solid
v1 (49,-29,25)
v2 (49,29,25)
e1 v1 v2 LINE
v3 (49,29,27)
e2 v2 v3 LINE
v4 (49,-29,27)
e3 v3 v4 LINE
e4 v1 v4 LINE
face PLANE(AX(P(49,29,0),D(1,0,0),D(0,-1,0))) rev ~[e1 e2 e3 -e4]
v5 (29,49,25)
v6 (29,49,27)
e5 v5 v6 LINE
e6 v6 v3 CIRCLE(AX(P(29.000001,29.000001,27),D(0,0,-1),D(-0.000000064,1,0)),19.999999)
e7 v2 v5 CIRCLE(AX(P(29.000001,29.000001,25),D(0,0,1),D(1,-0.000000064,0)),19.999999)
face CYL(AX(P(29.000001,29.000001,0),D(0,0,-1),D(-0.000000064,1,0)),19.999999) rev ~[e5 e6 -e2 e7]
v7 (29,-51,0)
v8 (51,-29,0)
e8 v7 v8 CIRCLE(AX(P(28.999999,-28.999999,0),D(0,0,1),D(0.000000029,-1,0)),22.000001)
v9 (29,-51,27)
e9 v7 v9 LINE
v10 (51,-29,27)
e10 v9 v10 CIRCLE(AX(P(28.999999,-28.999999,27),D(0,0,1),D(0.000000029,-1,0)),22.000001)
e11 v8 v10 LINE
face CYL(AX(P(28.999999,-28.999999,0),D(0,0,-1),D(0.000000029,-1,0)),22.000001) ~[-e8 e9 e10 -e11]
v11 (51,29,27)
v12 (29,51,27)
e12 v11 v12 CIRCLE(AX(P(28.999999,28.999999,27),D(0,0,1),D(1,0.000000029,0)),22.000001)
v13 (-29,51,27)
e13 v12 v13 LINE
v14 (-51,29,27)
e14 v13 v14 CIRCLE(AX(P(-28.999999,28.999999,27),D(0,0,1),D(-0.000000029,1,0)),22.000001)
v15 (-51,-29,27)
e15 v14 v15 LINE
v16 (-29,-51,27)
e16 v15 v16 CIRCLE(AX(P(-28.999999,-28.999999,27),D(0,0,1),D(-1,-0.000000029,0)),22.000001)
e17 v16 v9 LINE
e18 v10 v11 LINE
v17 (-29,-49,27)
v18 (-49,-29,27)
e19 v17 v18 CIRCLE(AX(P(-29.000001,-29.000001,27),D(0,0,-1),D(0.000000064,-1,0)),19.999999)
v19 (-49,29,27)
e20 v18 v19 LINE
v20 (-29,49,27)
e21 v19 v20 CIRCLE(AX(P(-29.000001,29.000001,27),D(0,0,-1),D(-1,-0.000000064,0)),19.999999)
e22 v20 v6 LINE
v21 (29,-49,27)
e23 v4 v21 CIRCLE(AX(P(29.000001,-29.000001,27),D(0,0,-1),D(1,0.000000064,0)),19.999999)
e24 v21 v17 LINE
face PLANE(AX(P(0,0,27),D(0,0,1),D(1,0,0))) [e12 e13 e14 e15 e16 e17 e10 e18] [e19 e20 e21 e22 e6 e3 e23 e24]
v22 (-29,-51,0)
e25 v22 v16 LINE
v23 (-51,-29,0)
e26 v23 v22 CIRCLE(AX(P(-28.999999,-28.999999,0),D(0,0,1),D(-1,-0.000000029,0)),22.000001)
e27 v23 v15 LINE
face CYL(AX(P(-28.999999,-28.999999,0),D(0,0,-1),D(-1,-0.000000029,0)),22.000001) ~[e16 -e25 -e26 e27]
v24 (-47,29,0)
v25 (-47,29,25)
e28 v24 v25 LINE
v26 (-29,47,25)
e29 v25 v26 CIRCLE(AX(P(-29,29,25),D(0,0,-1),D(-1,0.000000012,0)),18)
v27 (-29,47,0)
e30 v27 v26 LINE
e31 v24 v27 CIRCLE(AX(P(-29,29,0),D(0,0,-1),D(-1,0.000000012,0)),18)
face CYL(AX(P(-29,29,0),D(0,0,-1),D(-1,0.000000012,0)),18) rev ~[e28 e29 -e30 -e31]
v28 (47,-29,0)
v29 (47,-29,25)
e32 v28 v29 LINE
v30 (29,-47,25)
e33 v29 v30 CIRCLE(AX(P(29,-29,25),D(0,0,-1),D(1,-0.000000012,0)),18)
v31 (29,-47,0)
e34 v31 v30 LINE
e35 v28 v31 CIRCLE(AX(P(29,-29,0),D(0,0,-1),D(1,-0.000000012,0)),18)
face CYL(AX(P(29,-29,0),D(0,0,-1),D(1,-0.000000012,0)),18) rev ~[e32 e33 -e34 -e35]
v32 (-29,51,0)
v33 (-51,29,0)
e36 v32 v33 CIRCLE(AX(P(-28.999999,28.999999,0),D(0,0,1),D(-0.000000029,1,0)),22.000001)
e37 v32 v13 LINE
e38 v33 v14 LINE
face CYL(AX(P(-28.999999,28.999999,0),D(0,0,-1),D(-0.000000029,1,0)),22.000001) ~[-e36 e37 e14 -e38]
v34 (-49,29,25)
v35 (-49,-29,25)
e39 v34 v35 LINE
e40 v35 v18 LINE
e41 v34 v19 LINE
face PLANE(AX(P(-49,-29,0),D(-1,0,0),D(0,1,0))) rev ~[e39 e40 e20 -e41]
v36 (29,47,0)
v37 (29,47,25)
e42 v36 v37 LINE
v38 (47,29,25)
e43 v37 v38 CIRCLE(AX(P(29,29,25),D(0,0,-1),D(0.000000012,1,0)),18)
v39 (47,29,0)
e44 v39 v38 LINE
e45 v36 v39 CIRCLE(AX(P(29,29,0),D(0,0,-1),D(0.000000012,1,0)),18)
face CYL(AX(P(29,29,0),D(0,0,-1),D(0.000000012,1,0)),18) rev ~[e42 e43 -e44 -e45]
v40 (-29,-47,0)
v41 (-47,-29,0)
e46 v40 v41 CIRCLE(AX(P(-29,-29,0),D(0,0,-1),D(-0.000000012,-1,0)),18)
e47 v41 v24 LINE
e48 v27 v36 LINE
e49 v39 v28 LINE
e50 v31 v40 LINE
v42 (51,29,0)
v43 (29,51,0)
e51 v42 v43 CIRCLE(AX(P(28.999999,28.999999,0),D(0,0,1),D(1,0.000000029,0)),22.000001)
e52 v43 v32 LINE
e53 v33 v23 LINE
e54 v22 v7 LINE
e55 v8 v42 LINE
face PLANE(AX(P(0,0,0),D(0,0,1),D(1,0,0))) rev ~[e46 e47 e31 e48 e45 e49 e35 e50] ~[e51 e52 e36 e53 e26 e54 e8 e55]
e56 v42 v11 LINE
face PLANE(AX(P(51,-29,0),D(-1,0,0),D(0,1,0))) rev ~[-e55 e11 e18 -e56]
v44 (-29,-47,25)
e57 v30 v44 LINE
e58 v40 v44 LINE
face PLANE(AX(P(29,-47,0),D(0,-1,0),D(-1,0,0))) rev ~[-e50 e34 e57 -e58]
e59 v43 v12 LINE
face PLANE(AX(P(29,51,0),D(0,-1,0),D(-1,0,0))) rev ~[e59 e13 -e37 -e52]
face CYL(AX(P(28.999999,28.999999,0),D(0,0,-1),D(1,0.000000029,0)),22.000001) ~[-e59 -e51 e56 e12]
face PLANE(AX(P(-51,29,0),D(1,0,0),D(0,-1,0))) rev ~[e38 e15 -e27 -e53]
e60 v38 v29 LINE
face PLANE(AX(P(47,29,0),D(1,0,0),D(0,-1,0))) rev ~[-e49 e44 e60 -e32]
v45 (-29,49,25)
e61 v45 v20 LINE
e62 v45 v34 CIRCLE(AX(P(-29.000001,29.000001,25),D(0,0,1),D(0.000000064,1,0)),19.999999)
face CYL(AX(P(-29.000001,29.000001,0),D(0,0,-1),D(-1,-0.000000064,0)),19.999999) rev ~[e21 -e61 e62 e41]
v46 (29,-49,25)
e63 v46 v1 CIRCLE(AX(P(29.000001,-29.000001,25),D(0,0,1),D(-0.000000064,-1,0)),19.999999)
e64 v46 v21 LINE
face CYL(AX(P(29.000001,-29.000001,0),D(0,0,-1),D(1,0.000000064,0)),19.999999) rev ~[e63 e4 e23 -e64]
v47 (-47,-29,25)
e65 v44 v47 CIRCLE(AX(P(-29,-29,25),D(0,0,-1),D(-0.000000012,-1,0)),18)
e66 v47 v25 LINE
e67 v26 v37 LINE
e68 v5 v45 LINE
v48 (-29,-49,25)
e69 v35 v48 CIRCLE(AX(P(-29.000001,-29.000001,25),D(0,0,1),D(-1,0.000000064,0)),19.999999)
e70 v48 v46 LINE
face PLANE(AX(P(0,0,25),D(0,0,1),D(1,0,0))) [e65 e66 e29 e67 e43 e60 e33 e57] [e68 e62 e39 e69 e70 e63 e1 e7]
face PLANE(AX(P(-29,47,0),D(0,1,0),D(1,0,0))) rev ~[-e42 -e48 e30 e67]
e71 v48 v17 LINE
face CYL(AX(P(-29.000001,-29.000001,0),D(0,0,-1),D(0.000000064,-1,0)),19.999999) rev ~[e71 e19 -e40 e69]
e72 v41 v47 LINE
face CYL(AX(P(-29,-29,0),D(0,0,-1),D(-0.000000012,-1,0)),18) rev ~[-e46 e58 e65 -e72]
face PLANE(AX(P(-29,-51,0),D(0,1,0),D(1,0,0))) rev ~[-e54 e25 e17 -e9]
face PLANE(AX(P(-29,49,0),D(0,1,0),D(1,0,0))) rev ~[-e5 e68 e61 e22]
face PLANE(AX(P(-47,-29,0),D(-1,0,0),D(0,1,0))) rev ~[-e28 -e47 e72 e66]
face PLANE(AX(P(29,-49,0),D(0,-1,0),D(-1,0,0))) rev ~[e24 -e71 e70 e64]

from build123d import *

# Parameters (mm, degrees)
F1_DEPTH = 25
F2_DEPTH = 27


with BuildPart() as f1:
    # F0 (on Top) → F1 (new body)
    with BuildSketch(Plane.XY):
        with BuildLine():
            Line((29, 49), (-29, 49))
            ThreePointArc((-29, 49), (-43.142136, 43.142136), (-49, 29))
            Line((-49, 29), (-49, -29))
            ThreePointArc((-49, -29), (-43.142136, -43.142136), (-29, -49))
            Line((-29, -49), (29, -49))
            ThreePointArc((29, -49), (43.142136, -43.142136), (49, -29))
            Line((49, -29), (49, 29))
            ThreePointArc((49, 29), (43.142136, 43.142136), (29, 49))
        make_face()
        with BuildLine():
            ThreePointArc((-47, 29), (-41.727922, 41.727922), (-29, 47))
            Line((-29, 47), (29, 47))
            ThreePointArc((29, 47), (41.727922, 41.727922), (47, 29))
            Line((47, 29), (47, -29))
            ThreePointArc((47, -29), (41.727922, -41.727922), (29, -47))
            Line((29, -47), (-29, -47))
            ThreePointArc((-29, -47), (-41.727922, -41.727922), (-47, -29))
            Line((-47, -29), (-47, 29))
        make_face(mode=Mode.SUBTRACT)
    extrude(amount=F1_DEPTH)

    # F0 (on Top) → F2 (join)
    with BuildSketch(Plane.XY):
        with BuildLine():
            Line((29, 51), (-29, 51))
            ThreePointArc((-29, 51), (-44.556349, 44.556349), (-51, 29))
            Line((-51, 29), (-51, -29))
            ThreePointArc((-51, -29), (-44.556349, -44.556349), (-29, -51))
            Line((-29, -51), (29, -51))
            ThreePointArc((29, -51), (44.556349, -44.556349), (51, -29))
            Line((51, -29), (51, 29))
            ThreePointArc((51, 29), (44.556349, 44.556349), (29, 51))
        make_face()
        with BuildLine():
            ThreePointArc((-49, 29), (-43.142136, 43.142136), (-29, 49))
            Line((-29, 49), (29, 49))
            ThreePointArc((29, 49), (43.142136, 43.142136), (49, 29))
            Line((49, 29), (49, -29))
            ThreePointArc((49, -29), (43.142136, -43.142136), (29, -49))
            Line((29, -49), (-29, -49))
            ThreePointArc((-29, -49), (-43.142136, -43.142136), (-49, -29))
            Line((-49, -29), (-49, 29))
        make_face(mode=Mode.SUBTRACT)
    extrude(amount=F2_DEPTH)


solid = f1.part
